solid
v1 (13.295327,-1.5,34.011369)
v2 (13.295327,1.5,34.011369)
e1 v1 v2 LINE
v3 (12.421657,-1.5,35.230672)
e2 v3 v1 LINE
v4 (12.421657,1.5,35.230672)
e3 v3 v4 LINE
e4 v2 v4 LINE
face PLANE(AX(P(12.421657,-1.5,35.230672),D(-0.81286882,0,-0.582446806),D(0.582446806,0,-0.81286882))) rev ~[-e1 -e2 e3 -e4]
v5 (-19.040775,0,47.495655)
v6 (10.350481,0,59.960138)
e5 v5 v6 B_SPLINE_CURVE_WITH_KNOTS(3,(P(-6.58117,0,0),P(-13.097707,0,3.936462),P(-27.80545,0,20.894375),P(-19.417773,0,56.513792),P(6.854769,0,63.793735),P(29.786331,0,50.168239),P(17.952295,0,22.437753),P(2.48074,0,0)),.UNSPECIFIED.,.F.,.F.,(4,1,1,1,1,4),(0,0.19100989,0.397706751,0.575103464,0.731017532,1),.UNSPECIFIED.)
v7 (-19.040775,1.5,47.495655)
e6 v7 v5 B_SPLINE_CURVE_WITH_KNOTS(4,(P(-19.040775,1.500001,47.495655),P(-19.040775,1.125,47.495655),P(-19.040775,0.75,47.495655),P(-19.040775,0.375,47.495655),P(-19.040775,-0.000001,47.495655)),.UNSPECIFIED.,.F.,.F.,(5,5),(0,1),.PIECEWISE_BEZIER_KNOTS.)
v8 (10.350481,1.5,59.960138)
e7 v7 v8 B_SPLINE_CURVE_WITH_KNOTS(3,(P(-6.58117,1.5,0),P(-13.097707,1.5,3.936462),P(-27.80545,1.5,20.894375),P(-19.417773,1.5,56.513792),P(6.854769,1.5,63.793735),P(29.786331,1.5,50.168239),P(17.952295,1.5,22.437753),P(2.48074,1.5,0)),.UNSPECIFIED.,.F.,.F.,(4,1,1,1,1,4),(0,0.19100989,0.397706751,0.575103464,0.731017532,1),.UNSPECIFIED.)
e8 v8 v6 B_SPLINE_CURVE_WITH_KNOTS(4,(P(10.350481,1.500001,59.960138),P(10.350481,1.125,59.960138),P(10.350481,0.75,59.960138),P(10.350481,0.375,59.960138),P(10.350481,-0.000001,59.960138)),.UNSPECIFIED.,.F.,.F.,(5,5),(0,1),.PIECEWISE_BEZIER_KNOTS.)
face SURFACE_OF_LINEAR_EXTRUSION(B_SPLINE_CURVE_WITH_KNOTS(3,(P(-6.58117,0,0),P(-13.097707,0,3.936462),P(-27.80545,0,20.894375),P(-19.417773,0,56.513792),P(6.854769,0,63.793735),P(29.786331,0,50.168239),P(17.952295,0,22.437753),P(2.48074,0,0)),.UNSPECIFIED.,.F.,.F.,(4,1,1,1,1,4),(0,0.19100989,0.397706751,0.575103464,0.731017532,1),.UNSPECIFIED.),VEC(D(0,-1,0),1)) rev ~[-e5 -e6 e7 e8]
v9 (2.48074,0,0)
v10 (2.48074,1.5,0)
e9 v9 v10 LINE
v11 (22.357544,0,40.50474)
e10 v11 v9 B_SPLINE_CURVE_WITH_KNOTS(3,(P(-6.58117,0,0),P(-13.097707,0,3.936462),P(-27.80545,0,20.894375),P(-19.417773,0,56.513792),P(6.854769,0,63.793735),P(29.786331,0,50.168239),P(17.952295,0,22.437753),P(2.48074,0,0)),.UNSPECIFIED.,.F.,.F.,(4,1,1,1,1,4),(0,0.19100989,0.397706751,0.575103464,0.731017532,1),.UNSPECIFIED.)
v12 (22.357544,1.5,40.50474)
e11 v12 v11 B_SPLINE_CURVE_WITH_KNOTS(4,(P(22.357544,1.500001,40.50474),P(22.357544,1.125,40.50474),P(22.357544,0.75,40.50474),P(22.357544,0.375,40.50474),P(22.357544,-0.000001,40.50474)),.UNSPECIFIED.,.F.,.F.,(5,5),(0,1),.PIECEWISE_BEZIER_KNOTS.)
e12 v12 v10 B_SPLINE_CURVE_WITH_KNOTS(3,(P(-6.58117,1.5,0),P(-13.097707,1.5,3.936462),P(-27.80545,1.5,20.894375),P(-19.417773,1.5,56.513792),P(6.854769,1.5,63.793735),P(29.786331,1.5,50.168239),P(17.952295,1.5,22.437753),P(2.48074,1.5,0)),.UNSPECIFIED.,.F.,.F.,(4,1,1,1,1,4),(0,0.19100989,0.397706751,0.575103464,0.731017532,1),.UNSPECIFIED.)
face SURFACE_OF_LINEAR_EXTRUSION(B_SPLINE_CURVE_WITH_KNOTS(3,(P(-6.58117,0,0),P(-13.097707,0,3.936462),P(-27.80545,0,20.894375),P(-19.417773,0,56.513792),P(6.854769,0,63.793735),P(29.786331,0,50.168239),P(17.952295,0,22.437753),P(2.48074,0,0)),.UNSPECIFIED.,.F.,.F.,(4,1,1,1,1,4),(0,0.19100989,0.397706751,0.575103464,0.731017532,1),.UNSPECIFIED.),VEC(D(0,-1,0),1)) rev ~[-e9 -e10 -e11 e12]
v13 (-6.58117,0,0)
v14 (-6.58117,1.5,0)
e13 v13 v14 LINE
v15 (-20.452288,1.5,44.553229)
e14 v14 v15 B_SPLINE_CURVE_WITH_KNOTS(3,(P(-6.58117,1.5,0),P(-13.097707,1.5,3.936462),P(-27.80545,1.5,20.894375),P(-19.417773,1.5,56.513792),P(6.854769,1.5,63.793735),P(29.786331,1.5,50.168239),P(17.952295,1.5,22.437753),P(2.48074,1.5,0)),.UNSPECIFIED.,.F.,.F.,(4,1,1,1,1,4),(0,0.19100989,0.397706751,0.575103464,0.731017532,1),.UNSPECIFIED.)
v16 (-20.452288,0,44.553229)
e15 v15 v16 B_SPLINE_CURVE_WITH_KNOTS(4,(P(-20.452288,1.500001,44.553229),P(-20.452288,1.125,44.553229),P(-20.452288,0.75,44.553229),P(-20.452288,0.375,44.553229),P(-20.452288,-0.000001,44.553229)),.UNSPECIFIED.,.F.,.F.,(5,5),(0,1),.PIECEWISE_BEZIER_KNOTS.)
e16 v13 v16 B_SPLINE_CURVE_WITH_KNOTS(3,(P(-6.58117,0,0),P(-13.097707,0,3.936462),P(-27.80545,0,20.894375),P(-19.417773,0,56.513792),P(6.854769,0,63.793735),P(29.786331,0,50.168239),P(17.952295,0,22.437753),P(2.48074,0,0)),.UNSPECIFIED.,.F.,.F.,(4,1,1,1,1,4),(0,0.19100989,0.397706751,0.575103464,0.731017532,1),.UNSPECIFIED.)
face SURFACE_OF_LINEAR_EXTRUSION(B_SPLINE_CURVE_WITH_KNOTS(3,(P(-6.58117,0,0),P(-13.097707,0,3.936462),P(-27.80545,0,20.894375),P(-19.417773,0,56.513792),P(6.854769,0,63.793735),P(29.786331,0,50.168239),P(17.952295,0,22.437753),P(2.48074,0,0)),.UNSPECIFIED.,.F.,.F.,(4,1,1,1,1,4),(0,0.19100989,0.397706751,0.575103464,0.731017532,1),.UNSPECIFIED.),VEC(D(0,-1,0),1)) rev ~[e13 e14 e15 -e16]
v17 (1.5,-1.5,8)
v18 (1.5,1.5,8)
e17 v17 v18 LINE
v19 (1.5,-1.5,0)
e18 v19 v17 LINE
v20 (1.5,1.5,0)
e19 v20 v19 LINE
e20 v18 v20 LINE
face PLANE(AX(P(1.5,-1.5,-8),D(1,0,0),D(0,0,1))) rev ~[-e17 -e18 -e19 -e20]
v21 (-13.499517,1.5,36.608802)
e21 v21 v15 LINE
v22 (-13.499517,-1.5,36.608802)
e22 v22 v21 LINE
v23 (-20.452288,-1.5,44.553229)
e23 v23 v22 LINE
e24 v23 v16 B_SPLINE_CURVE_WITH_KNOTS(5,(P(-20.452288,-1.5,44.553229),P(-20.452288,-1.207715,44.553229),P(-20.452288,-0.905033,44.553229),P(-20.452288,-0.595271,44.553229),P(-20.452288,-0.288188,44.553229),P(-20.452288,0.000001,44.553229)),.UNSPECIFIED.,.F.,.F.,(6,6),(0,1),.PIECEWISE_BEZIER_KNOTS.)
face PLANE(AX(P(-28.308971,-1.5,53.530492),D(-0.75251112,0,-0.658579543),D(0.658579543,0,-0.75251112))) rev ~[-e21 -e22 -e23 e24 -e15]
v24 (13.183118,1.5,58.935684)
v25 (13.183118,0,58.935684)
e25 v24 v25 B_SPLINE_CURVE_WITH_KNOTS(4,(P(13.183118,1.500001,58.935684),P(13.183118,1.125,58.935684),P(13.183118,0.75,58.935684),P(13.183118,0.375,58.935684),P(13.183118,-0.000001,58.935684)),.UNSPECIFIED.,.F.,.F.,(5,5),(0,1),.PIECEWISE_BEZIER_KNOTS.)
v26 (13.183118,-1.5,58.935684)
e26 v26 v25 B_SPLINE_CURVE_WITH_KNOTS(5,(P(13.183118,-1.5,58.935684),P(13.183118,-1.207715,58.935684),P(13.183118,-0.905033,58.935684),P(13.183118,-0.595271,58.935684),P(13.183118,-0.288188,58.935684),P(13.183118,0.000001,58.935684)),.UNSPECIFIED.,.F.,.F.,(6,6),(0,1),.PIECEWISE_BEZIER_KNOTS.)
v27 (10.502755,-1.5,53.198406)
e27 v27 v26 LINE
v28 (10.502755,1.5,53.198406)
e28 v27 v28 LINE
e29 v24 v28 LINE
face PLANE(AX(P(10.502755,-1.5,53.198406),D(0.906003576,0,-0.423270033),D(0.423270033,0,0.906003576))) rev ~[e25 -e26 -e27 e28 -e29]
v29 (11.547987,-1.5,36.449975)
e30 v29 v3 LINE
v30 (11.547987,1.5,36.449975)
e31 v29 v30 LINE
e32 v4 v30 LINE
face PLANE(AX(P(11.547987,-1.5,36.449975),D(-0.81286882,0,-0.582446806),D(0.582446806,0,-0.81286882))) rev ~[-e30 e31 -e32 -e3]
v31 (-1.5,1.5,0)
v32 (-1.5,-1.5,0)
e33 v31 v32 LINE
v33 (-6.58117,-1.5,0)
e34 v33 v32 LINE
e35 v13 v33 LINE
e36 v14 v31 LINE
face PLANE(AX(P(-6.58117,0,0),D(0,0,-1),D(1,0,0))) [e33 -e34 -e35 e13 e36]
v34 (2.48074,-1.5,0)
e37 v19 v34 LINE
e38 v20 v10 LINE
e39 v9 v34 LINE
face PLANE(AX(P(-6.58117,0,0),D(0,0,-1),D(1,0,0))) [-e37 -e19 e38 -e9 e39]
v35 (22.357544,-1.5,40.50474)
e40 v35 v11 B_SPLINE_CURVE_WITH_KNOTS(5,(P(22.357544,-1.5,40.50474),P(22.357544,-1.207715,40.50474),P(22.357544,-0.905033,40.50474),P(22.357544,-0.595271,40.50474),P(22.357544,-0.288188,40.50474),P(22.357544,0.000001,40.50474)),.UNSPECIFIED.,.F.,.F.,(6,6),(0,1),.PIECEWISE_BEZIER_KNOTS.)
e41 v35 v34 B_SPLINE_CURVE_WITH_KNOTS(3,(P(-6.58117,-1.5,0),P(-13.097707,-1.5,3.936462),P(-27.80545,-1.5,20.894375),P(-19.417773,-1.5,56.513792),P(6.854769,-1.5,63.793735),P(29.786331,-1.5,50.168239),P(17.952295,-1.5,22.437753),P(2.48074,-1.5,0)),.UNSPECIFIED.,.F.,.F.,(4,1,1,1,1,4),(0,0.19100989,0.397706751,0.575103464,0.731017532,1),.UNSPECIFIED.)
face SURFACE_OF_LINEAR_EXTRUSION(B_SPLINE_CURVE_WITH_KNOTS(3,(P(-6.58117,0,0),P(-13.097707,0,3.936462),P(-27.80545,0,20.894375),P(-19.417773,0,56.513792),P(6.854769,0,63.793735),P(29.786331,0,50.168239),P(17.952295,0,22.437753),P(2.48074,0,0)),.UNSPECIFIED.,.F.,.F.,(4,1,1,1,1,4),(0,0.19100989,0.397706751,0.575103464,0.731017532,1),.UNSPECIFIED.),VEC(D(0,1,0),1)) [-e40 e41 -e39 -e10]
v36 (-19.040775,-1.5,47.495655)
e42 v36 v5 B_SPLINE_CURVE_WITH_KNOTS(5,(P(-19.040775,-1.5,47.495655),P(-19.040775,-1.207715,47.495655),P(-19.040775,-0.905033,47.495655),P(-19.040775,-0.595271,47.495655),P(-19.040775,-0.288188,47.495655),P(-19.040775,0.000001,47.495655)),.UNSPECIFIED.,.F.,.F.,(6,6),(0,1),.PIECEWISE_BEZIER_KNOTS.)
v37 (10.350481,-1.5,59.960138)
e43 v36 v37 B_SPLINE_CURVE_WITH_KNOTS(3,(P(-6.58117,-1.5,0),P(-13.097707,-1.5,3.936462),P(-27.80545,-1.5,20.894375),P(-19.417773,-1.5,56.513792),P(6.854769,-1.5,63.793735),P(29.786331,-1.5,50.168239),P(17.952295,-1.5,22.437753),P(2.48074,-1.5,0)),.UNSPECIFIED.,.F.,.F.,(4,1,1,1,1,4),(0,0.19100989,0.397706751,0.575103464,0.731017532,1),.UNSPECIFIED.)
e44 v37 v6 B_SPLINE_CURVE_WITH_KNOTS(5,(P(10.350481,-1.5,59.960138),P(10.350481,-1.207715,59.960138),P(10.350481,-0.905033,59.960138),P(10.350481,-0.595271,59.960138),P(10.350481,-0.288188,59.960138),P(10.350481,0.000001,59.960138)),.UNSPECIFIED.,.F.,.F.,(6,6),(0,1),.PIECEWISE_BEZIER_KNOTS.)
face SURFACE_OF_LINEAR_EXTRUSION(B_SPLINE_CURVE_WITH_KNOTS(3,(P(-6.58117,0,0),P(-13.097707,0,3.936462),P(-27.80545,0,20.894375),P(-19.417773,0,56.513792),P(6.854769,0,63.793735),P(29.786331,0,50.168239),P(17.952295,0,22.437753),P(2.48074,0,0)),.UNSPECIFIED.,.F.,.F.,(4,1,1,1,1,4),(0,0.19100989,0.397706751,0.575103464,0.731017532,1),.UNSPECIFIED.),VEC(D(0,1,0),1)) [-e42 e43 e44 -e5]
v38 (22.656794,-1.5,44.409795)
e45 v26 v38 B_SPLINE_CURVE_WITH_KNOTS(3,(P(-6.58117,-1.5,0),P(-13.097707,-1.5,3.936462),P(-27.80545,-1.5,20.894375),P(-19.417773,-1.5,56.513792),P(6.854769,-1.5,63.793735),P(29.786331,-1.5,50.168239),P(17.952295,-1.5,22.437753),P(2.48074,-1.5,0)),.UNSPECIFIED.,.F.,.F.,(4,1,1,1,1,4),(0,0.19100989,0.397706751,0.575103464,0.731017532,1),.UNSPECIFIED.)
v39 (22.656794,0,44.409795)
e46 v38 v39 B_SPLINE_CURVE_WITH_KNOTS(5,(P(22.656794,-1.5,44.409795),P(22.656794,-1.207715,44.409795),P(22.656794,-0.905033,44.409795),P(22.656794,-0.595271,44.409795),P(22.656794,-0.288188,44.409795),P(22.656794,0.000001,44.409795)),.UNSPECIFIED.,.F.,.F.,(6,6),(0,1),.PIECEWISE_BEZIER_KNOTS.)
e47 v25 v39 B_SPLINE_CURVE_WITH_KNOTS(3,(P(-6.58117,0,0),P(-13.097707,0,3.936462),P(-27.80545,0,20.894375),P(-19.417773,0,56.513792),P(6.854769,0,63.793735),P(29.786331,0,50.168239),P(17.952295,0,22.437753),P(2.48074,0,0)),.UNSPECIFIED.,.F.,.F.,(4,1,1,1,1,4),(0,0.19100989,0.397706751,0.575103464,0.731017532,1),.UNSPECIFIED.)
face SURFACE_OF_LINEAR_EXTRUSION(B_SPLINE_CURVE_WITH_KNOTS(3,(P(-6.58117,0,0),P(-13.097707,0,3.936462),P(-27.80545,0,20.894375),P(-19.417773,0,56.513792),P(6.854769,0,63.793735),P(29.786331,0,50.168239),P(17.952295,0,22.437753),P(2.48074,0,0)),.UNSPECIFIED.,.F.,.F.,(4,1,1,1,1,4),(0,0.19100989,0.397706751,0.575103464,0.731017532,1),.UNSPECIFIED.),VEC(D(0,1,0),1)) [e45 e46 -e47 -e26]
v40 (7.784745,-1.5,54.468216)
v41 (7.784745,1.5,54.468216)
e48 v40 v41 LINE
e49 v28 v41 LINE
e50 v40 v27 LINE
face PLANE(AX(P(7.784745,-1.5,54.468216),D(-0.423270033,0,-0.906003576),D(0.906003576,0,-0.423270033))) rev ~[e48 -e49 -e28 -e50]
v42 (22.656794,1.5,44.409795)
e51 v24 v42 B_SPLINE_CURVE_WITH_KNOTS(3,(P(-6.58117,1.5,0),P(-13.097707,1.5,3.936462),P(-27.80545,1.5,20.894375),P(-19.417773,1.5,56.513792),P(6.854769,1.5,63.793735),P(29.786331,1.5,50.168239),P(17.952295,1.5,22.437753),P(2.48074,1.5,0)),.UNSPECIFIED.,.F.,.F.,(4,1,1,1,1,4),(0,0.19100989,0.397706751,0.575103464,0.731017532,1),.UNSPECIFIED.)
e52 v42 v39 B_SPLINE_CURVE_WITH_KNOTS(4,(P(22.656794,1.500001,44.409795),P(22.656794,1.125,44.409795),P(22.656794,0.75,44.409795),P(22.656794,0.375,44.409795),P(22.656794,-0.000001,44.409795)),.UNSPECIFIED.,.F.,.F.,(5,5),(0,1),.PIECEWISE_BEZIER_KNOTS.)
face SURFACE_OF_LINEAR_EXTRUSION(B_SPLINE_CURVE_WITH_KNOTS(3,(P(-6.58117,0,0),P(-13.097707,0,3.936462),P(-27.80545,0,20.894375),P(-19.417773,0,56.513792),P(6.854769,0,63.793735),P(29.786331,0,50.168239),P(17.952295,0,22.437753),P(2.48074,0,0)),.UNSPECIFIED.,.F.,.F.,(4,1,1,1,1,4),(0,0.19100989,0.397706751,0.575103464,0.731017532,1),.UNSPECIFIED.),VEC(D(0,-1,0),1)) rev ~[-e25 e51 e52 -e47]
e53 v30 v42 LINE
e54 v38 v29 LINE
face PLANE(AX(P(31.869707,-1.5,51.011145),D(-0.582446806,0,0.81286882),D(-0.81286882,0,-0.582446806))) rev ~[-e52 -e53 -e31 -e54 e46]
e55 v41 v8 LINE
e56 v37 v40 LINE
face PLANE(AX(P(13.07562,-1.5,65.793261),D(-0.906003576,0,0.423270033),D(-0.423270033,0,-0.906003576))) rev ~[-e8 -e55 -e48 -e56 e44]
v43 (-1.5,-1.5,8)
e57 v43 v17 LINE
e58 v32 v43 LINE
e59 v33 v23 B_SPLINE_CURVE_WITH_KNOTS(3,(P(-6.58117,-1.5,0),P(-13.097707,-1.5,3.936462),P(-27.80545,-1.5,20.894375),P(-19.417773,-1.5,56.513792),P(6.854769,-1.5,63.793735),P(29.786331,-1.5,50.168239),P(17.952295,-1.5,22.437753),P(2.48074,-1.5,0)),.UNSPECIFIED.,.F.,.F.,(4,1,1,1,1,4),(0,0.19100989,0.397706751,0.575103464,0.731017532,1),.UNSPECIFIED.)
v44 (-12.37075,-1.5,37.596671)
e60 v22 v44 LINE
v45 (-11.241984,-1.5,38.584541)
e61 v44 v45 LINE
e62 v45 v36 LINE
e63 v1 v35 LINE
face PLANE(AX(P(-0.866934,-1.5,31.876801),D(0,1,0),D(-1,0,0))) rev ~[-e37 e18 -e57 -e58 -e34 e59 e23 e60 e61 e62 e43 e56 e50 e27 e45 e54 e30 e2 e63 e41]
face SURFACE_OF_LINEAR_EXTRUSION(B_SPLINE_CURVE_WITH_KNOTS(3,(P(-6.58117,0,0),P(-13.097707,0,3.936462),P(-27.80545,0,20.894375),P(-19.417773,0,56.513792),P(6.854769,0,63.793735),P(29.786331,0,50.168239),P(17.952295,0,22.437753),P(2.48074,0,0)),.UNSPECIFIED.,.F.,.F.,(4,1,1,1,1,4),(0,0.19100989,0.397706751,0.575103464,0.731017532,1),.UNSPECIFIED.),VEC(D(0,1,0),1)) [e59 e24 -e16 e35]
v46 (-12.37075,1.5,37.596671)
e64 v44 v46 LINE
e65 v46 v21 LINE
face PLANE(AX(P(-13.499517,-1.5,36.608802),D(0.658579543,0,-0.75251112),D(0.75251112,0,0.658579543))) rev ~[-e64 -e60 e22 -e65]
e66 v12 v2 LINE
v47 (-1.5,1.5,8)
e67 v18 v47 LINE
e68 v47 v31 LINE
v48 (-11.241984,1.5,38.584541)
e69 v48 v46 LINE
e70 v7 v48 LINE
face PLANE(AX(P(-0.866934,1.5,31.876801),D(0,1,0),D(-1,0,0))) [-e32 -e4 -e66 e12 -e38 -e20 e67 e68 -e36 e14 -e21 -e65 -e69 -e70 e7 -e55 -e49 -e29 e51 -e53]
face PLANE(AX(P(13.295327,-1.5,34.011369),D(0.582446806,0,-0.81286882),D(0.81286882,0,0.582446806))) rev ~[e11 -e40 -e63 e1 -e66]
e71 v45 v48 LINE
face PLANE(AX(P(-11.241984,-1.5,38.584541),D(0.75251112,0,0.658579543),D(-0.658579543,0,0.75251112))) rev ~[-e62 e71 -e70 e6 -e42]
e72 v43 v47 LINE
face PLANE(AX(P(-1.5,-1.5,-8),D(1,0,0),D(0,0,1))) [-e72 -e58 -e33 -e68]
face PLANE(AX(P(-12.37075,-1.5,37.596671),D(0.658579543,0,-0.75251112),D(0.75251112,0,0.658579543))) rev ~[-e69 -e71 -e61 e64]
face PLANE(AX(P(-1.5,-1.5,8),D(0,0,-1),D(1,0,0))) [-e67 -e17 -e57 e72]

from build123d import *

# Parameters (mm, degrees)
F2_DEPTH = 1.5
F3_W     = 3
F3_H     = 16
F4_DEPTH = 25


with BuildPart() as f2:
    # F1 (on Front) → F2 (new body, symmetric)
    with BuildSketch(Plane.XZ):
        with BuildLine():
            add(Edge.make_bspline(
                [(-6.5811700188, 0), (-13.0977069694, 3.9364622169), (-27.8054503735, 20.8943752102), (-19.4177727212, 56.5137920169), (6.8547689493, 63.7937351975), (29.7863310593, 50.168239492), (17.9522950202, 22.4377531558), (2.4807401933, 0)],
                knots=[0, 0, 0, 0, 0.1910098898, 0.3977067511, 0.5751034644, 0.7310175316, 1, 1, 1, 1], degree=3))
            Line((-6.5811700188, 0), (2.4807401933, 0))
        make_face()
    extrude(amount=F2_DEPTH, both=True)

    # F3 (on face) → F4 (cut)
    with BuildSketch(Plane.XZ.offset(1.5)):
        Polygon((-27.1802046987, 54.5183615733), (-28.3089713791, 53.5304922594), (-13.4995171291, 36.6088020352), (-12.3707504488, 37.5966713491), (-11.2419837684, 38.584540663), (-26.0514380184, 55.5062308872), align=None)
        Polygon((9.1437500469, 53.8333112983), (10.5027554102, 53.1984062483), (15.7936308269, 64.5234509425), (14.4346254636, 65.1583559925), (13.0756201003, 65.7932610425), (7.7847446836, 54.4682163483), align=None)
        Polygon((13.2953272893, 34.0113688736), (33.6170477787, 48.572539031), (32.7433775692, 49.7918422604), (31.8697073598, 51.0111454897), (11.5479868704, 36.4499753323), (12.4216570799, 35.2306721029), align=None)
        Rectangle(F3_W, F3_H)
    extrude(amount=-F4_DEPTH, mode=Mode.SUBTRACT)


solid = f2.part
